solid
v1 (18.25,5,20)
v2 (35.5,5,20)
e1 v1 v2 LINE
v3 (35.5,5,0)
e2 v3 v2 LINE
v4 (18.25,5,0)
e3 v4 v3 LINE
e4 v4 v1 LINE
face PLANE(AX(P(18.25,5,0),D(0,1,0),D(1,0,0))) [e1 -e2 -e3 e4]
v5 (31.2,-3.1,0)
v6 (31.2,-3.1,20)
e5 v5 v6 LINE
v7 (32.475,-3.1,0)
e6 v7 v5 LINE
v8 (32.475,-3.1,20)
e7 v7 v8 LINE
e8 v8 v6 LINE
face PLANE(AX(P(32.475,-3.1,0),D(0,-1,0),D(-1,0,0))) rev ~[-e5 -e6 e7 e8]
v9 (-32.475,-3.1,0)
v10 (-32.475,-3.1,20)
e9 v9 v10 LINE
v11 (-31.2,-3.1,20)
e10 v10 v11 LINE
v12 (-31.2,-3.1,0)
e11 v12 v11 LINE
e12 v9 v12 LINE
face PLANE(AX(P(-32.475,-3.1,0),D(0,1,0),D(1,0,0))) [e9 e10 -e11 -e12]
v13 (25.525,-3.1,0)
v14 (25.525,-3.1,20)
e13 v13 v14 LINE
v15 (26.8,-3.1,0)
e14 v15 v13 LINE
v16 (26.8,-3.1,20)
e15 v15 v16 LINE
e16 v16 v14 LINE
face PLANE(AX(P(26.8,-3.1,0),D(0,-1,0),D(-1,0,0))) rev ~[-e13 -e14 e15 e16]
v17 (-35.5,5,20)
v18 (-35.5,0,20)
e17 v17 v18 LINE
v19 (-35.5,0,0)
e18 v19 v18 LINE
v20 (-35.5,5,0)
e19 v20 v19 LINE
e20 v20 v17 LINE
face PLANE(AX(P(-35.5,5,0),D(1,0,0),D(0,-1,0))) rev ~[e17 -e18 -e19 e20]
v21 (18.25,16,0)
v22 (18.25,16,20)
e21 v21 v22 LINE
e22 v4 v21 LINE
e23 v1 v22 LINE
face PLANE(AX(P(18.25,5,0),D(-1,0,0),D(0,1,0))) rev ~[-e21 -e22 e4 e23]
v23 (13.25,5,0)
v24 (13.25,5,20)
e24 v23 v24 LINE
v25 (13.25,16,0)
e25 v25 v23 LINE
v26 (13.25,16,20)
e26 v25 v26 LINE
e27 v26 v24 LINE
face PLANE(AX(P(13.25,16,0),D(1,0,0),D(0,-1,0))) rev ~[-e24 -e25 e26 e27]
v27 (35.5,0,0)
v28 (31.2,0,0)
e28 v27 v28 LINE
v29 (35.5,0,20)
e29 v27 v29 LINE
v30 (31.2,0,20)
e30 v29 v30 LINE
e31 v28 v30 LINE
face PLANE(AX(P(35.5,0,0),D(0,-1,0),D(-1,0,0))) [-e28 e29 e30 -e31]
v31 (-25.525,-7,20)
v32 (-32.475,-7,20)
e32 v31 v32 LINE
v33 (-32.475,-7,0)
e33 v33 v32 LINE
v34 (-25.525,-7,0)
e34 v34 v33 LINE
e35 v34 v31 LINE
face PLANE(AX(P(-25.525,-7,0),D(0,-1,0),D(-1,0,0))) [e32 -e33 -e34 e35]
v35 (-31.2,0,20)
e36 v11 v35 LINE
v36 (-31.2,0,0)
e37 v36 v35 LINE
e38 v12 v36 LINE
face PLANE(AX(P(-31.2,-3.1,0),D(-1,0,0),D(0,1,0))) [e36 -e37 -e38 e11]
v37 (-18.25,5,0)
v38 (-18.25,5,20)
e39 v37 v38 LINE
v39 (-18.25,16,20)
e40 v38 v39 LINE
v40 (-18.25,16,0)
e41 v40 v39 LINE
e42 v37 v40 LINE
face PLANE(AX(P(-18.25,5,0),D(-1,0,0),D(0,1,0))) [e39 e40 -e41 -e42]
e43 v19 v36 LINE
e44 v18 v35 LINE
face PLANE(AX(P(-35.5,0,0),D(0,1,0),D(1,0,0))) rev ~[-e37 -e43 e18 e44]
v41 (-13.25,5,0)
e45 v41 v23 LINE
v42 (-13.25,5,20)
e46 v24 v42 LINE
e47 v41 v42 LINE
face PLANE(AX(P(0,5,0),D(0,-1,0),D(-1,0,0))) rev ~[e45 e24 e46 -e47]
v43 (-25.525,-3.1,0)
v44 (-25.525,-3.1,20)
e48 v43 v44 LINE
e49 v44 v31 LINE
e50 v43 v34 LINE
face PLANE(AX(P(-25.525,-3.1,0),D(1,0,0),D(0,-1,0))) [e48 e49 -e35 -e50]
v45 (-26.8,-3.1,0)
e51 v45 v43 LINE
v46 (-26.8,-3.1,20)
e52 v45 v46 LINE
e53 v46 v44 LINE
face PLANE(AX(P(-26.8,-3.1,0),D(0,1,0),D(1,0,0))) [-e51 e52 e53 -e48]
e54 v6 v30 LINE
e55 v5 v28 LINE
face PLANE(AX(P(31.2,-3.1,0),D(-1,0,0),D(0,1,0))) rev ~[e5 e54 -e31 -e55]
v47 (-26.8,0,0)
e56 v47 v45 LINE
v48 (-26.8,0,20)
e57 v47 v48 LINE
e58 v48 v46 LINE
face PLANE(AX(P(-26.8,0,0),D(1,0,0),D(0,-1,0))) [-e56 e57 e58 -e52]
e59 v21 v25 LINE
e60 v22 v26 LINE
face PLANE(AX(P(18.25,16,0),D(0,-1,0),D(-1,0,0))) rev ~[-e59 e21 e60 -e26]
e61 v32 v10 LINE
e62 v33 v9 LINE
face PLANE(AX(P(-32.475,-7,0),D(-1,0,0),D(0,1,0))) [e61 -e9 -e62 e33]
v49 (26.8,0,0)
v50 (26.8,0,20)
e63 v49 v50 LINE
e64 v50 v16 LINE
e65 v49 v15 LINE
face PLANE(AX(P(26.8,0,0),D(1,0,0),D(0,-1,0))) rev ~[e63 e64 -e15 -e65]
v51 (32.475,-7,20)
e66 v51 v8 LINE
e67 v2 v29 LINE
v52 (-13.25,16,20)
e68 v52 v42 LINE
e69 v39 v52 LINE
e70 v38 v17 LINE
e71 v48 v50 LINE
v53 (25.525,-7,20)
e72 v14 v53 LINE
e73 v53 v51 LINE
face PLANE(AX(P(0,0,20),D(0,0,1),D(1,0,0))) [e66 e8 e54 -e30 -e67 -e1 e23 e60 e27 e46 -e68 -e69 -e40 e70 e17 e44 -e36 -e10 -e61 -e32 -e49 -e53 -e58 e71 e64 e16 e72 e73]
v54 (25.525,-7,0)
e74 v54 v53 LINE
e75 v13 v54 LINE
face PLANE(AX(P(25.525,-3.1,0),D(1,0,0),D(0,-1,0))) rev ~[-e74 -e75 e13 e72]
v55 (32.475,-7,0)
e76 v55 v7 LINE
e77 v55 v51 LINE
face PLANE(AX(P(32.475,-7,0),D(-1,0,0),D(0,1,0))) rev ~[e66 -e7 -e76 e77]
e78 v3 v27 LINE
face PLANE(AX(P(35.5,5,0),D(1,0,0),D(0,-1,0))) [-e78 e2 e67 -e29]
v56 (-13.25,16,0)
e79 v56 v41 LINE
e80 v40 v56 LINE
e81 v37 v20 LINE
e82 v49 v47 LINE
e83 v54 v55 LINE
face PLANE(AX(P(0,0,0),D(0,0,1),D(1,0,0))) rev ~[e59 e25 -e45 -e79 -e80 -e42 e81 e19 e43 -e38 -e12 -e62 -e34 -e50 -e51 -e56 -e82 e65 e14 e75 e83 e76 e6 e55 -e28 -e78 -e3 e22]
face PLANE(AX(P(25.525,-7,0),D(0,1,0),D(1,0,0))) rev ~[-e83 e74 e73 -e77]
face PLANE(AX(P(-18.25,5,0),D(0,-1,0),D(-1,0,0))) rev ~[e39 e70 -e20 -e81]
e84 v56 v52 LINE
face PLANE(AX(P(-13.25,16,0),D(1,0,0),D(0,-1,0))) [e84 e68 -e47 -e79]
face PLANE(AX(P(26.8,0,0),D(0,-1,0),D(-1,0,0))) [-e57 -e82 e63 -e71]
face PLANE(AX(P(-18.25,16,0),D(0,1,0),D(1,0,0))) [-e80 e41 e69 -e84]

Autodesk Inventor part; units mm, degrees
ref_plane "YZ Plane" through (0, 0, 0) normal (1, 0, 0) x (0, 1, 0)
ref_plane "XZ Plane" through (0, 0, 0) normal (0, 1, 0) x (-1, 0, 0)
ref_plane "XY Plane" through (0, 0, 0) normal (0, 0, 1) x (1, 0, 0)
sketch "Sketch2" plane through (0, 0, 0) normal (0, 0, 1) x (1, 0, 0)
  line L0 (-32.475, -3.1) -> (-25.525, -3.1)
  line L1 (-25.525, -3.1) -> (-25.525, -7)
  line L2 (-25.525, -7) -> (-32.475, -7)
  line L3 (-32.475, -7) -> (-32.475, -3.1)
  line L4 (-31.2, 0) -> (-26.8, 0)
  line L5 (-26.8, 0) -> (-26.8, -3.1)
  line L6 (-26.8, -3.1) -> (-31.2, -3.1)
  line L7 (-31.2, -3.1) -> (-31.2, 0)
  line L8 (-35.5, 0) -> (0, 0)
  line L9 (0, 5) -> (-35.5, 5)
  line L10 (-35.5, 5) -> (-35.5, 0)
  line L11 (-29, 6.5254) -> (-29, -10.3092) construction
  line L12 (0, -15.571) -> (0, 21.2618) construction
  line L13 (32.475, -3.1) -> (25.525, -3.1)
  line L14 (25.525, -3.1) -> (25.525, -7)
  line L15 (25.525, -7) -> (32.475, -7)
  line L16 (32.475, -7) -> (32.475, -3.1)
  line L17 (31.2, 0) -> (26.8, 0)
  line L18 (26.8, 0) -> (26.8, -3.1)
  line L19 (26.8, -3.1) -> (31.2, -3.1)
  line L20 (31.2, -3.1) -> (31.2, 0)
  line L21 (35.5, 0) -> (0, 0)
  line L22 (0, 5) -> (35.5, 5)
  line L23 (35.5, 5) -> (35.5, 0)
  line L24 (29, 6.5254) -> (29, -10.3092) construction
  line L25 (-49.7, 0) -> (49.7, 0) construction
  line L26 (-18.25, 5) -> (-18.25, 16)
  line L27 (-18.25, 16) -> (-13.25, 16)
  line L28 (-13.25, 16) -> (-13.25, 5)
  line L29 (18.25, 5) -> (18.25, 16)
  line L30 (18.25, 16) -> (13.25, 16)
  line L31 (13.25, 16) -> (13.25, 5)
  point P0 (13.25, 5)
  dimension "d1" = 4.4
  dimension "d2" = 6.95
  dimension "d3" = 3.9
  dimension "d4" = 5
  dimension "d5" = 58
  dimension "d6" = 7
  dimension "d7" = 13
  dimension "d10" = 5
  dimension "d15" = 26.5
  dimension "d16" = 11
extrude "Extrusion1" add sketch "Sketch2" along normal blind 20
properties part number "UnitreeGO2_railmount"
